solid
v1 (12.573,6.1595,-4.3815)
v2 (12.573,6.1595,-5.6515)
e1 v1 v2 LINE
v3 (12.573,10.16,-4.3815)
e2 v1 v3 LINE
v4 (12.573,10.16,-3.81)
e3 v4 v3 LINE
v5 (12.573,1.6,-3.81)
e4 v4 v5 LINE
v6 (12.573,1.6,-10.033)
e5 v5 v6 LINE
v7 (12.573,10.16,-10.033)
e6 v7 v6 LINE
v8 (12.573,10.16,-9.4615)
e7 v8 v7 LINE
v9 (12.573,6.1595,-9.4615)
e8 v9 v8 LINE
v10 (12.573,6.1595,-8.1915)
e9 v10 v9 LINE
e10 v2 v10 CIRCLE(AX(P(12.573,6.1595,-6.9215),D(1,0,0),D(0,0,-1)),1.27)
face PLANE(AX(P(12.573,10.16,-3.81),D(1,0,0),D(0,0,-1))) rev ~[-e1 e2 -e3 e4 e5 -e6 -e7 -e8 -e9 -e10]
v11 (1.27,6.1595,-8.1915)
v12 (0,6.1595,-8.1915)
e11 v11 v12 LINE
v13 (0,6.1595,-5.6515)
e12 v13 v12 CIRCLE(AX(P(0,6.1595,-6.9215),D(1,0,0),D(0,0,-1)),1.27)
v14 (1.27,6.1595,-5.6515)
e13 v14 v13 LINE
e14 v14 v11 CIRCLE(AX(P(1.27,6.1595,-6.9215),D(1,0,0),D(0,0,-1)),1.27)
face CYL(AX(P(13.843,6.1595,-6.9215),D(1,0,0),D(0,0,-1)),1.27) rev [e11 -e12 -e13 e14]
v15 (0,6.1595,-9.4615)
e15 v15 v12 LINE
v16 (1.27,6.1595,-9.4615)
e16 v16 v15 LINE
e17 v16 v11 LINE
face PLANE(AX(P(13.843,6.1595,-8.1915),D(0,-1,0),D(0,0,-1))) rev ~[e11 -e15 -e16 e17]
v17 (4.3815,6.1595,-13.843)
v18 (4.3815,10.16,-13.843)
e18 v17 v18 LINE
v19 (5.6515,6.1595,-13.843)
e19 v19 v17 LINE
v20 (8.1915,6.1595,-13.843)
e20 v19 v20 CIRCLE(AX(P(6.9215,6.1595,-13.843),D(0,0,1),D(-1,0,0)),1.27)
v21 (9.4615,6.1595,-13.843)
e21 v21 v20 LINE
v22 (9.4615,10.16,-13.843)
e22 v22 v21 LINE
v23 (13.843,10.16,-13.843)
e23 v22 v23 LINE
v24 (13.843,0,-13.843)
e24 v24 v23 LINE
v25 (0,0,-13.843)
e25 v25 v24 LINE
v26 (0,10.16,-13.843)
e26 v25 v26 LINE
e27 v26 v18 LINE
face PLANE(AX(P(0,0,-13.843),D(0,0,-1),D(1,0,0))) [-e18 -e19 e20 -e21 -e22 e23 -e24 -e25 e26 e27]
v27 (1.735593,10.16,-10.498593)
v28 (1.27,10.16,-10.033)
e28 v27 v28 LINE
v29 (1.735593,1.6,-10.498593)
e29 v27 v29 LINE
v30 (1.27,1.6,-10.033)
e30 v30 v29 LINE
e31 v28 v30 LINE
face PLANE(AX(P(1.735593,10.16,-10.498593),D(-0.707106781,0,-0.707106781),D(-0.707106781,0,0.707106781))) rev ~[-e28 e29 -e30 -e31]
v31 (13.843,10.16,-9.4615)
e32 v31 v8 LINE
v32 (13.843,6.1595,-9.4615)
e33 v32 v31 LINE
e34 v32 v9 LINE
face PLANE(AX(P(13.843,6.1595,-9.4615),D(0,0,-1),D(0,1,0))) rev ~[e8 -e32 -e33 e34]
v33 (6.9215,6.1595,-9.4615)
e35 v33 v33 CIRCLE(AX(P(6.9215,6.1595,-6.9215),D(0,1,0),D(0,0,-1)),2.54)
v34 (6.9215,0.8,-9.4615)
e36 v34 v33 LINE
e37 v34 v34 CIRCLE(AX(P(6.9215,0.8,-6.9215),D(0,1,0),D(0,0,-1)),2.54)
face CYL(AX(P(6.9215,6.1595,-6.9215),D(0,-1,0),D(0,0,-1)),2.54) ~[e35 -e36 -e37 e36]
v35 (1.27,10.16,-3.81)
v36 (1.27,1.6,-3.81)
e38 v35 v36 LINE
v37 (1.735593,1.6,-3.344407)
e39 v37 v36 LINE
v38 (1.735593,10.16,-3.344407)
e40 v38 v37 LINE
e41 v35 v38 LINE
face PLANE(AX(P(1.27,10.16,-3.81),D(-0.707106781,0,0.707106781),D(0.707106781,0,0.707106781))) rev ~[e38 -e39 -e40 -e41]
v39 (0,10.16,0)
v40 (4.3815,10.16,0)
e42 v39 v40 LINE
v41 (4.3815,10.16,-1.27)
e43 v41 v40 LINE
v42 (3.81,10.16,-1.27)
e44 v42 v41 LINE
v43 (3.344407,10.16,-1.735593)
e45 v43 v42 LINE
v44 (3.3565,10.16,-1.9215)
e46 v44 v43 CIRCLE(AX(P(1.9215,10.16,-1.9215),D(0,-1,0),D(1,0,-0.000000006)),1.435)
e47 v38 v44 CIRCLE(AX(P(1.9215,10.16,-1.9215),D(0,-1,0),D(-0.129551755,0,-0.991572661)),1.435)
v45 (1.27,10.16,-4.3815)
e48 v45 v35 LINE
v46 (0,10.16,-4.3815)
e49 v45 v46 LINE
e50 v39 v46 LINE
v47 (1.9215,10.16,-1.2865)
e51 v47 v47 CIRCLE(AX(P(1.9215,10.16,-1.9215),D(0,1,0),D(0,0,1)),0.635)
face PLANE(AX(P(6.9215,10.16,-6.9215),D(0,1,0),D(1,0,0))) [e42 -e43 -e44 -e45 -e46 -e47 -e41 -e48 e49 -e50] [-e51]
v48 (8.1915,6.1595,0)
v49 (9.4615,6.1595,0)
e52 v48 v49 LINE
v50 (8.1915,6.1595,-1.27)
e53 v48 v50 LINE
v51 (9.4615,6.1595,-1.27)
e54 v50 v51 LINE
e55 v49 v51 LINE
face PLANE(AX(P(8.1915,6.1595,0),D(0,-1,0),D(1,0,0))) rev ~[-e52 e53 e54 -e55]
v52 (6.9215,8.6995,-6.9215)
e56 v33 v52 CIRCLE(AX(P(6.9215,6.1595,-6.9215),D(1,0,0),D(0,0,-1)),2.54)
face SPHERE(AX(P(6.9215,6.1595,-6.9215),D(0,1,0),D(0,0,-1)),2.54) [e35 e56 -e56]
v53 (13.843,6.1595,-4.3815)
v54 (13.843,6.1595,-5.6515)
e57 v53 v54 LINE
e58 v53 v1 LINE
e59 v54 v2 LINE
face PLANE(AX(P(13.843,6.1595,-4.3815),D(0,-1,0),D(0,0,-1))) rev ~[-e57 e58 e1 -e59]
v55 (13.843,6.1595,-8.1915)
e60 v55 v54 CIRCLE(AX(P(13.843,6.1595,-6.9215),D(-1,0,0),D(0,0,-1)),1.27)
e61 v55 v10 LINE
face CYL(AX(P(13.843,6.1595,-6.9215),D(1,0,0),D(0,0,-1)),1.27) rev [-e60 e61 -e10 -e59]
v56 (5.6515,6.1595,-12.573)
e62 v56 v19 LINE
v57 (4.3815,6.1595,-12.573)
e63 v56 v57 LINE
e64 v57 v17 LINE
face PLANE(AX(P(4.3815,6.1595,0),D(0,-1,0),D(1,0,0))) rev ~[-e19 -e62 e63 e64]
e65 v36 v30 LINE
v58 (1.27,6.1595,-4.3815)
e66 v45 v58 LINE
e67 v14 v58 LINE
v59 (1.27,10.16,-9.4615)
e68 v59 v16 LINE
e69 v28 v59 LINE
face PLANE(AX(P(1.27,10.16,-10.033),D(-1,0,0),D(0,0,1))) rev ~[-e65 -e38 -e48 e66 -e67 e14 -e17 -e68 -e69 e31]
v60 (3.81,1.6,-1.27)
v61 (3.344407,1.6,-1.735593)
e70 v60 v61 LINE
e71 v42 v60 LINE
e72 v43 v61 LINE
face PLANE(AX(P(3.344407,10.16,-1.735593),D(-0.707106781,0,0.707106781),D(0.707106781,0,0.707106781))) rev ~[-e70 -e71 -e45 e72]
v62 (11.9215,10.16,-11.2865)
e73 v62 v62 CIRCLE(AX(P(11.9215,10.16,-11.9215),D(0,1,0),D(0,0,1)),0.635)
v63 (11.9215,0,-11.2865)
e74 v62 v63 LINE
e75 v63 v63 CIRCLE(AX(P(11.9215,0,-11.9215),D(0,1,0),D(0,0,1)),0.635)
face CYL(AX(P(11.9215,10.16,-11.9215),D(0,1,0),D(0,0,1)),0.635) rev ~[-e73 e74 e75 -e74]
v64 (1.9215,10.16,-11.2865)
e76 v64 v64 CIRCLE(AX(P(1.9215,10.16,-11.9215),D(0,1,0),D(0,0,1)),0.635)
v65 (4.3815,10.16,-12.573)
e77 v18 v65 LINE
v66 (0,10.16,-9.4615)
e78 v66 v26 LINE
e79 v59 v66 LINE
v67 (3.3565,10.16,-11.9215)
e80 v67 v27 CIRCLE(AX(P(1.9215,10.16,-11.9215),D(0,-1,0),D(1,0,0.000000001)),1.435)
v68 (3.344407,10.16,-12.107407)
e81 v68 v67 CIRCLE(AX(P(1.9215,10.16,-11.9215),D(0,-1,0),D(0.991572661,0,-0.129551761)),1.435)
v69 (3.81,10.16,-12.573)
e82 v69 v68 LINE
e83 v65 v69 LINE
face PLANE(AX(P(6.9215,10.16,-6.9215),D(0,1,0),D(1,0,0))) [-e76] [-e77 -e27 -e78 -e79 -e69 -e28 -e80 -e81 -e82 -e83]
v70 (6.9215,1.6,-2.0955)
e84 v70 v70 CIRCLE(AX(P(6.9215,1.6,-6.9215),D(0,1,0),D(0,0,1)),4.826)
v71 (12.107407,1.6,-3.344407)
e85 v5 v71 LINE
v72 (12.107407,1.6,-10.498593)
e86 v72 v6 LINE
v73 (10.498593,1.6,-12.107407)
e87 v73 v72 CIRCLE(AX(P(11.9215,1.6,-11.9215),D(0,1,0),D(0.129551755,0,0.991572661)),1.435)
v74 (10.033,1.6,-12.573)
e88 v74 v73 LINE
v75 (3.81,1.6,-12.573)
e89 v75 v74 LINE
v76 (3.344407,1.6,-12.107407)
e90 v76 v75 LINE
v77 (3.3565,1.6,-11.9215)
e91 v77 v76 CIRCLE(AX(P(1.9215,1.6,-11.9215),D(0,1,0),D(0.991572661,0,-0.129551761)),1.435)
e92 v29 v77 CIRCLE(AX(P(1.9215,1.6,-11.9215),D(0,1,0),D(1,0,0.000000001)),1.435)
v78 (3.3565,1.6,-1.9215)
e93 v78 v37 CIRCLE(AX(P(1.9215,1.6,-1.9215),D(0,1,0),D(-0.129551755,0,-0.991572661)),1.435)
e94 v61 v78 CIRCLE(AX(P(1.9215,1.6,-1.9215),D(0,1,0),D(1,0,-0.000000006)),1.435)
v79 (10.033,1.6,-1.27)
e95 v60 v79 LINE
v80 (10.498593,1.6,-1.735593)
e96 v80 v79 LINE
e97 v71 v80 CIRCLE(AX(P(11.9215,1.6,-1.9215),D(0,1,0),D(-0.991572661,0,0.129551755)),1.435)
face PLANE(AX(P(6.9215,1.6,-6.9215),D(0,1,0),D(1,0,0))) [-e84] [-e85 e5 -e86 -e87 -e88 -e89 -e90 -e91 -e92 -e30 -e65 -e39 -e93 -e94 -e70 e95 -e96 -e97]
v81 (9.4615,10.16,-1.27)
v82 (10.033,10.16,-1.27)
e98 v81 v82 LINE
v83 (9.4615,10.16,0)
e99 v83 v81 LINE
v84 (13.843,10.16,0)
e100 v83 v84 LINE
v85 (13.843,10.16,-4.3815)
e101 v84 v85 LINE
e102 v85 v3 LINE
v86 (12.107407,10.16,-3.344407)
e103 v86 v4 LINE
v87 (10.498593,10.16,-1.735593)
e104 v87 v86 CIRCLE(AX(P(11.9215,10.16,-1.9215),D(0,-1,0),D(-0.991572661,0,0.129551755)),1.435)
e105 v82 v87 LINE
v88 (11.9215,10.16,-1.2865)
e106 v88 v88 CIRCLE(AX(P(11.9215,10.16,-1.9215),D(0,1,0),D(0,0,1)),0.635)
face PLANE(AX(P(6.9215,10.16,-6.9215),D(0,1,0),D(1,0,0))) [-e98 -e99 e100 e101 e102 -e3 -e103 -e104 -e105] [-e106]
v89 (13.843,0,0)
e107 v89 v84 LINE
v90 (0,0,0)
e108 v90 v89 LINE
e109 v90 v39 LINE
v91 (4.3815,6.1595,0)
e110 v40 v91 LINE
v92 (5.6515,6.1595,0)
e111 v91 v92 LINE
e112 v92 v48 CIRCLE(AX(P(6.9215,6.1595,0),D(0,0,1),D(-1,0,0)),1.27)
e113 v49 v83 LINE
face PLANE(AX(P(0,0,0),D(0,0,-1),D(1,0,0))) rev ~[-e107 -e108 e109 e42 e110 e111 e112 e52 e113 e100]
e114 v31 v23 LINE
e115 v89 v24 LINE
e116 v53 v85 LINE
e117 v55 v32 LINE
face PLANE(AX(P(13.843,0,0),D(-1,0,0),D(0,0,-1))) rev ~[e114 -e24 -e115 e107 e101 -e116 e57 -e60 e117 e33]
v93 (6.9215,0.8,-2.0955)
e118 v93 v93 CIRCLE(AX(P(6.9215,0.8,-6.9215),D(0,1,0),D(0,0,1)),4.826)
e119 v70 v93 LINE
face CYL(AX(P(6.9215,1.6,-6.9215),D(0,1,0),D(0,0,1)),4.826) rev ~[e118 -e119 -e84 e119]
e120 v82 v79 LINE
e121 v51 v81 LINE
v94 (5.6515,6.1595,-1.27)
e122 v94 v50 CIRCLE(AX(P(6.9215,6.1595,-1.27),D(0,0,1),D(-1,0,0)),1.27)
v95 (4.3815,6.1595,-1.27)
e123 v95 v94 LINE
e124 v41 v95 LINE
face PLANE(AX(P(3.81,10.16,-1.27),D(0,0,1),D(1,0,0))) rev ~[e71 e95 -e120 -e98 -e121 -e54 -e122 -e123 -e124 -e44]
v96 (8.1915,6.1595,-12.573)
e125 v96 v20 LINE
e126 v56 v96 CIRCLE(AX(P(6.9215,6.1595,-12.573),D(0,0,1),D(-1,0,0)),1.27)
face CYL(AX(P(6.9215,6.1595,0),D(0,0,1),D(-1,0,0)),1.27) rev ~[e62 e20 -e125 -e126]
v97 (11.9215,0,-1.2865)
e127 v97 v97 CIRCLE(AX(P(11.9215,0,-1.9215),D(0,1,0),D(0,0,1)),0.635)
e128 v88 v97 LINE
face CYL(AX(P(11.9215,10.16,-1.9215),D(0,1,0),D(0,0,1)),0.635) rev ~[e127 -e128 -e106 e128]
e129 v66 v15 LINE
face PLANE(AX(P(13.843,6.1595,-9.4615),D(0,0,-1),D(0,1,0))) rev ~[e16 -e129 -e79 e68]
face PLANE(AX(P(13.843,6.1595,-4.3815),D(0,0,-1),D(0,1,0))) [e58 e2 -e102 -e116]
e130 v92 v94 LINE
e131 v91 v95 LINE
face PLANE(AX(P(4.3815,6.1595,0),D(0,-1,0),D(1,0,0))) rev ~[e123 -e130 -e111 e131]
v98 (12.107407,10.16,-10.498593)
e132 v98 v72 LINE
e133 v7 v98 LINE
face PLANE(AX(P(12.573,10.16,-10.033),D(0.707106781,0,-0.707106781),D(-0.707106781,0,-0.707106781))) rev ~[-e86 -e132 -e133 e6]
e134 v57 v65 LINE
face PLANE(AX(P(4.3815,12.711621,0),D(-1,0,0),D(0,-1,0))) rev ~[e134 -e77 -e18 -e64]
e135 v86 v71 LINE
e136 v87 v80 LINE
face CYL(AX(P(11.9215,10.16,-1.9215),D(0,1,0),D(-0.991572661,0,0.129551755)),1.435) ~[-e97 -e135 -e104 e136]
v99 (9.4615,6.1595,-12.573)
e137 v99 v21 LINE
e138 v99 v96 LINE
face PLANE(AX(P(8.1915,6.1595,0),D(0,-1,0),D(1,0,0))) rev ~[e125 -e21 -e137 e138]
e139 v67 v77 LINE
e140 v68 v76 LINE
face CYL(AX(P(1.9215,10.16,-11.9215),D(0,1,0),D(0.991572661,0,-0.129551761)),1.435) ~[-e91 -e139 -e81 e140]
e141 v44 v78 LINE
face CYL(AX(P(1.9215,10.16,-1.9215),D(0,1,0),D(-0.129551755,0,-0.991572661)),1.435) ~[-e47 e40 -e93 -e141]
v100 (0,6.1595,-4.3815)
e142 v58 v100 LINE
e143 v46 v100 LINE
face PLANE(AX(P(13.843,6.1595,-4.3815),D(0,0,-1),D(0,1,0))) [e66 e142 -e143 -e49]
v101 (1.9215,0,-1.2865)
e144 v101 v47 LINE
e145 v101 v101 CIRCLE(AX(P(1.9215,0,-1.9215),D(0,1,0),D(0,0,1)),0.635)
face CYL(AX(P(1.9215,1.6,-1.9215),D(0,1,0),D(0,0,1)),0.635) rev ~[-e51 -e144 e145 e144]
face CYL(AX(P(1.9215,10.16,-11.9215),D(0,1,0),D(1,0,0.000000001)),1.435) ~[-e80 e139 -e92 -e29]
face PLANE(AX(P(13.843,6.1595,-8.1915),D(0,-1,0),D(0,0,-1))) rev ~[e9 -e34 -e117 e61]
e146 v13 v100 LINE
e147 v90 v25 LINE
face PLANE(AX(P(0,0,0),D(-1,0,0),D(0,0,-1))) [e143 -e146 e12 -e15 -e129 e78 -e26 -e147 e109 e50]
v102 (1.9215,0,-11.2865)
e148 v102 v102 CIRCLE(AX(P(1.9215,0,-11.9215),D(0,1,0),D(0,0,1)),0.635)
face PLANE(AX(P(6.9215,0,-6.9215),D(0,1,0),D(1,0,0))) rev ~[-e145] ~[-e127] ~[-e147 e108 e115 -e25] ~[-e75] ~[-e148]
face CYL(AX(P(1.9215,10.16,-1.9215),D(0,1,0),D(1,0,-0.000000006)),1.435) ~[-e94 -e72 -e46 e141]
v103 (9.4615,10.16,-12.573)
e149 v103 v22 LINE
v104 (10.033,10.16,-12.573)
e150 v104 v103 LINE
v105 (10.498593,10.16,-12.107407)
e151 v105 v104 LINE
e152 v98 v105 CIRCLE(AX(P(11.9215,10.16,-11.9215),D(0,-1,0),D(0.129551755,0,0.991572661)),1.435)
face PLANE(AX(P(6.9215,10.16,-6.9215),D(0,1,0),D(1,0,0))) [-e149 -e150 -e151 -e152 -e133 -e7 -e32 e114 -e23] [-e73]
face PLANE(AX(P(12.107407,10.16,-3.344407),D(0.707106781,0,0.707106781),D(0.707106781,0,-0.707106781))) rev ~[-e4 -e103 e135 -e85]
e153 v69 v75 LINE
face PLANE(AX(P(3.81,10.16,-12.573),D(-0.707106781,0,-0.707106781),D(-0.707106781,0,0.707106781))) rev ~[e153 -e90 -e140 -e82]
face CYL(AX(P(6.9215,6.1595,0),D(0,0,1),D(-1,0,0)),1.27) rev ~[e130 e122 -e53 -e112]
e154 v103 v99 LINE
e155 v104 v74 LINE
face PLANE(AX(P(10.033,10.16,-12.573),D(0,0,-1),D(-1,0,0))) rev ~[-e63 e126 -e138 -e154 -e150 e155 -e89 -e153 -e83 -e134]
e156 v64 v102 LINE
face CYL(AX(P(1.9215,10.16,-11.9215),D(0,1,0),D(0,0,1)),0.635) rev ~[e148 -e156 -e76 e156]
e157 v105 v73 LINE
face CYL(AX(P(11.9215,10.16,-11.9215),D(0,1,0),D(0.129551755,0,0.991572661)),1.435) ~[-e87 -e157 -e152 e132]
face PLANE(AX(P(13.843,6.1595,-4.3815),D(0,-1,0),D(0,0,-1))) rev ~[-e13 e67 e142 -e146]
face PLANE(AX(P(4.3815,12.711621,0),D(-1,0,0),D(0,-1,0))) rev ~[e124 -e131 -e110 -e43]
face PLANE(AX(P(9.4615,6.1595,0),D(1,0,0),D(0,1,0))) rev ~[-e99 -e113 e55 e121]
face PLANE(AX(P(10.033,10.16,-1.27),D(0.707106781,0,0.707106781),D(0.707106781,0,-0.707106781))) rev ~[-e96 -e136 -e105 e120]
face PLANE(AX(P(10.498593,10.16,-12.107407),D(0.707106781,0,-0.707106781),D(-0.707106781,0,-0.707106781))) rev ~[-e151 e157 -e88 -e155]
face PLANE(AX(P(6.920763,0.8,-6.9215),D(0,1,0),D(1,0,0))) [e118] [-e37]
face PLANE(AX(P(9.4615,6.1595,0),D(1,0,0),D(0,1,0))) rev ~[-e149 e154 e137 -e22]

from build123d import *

# Parameters (mm, degrees)
SKETCH1_W                     = 13.843
SKETCH1_H                     = 13.843
MAIN_BODY_EXTRUDE_DEPTH       = 10.16
MAIN_BODY_CUT_DEPTH           = 9.36
SKETCH21_R                    = 0.635
SCREW_HOLES_CUT_DEPTH         = 23.056357315
X_AXIS_SLOT_DEPTH             = 23.056357315
SKETCH6_W                     = 5.08
SKETCH6_H                     = 6.485700116
Y_AXIS_SLOT_DEPTH             = 23.056357315
SPRING_START                  = 0.8
SKETCH11_W                    = 11.303
SKETCH11_H                    = 11.303
SKETCH11_R                    = 4.826
SKETCH11_R_2                  = 0.635
SPRING_RETAINER_EXTRUDE_DEPTH = 0.8
SKETCH12_R                    = 2.54
STICK_SUPPORT_DEPTH           = 5.3595
SKETCH20_R                    = 2.54
BOSS_EXTRUDE9_DEPTH           = 2.54
FILLET4_R                     = 2.54


with BuildPart() as part:
    # Sketch1 → main body extrude (new body)
    with BuildSketch(Plane(origin=(0, 0, 0), x_dir=(1, 0, 0), z_dir=(0, 1, 0))):
        with Locations((6.9215, 6.9215)):
            Rectangle(SKETCH1_W, SKETCH1_H)
    extrude(amount=MAIN_BODY_EXTRUDE_DEPTH)

    # Sketch4 → main body cut (cut)
    with BuildSketch(Plane(origin=(0, 10.16, 0), x_dir=(1, 0, 0), z_dir=(0, 1, 0))):
        with BuildLine():
            Line((1.735593231, 10.498593231), (1.27, 10.033))
            Line((1.27, 10.033), (1.27, 3.81))
            Line((1.27, 3.81), (1.735593231, 3.344406769))
            ThreePointArc((1.735593231, 3.344406769), (2.868191287, 2.999925058), (3.3565, 1.9215))
            ThreePointArc((3.3565, 1.9215), (3.353473501, 1.828350157), (3.344406769, 1.735593231))
            Line((3.344406769, 1.735593231), (3.81, 1.27))
            Line((3.81, 1.27), (10.033, 1.27))
            Line((10.033, 1.27), (10.498593231, 1.735593231))
            ThreePointArc((10.498593231, 1.735593231), (10.906801769, 2.936198231), (12.107406769, 3.344406769))
            Line((12.107406769, 3.344406769), (12.573, 3.81))
            Line((12.573, 3.81), (12.573, 10.033))
            Line((12.573, 10.033), (12.107406769, 10.498593231))
            ThreePointArc((12.107406769, 10.498593231), (10.906801769, 10.906801769), (10.498593231, 12.107406769))
            Line((10.498593231, 12.107406769), (10.033, 12.573))
            Line((10.033, 12.573), (3.81, 12.573))
            Line((3.81, 12.573), (3.344406769, 12.107406769))
            ThreePointArc((3.344406769, 12.107406769), (3.353473501, 12.014649843), (3.3565, 11.9215))
            ThreePointArc((3.3565, 11.9215), (2.868191287, 10.843074942), (1.735593231, 10.498593231))
        make_face()
    extrude(amount=-MAIN_BODY_CUT_DEPTH, mode=Mode.SUBTRACT)

    # Sketch21 → screw holes cut (cut, through all)
    with BuildSketch(Plane(origin=(0, 10.16, 0), x_dir=(1, 0, 0), z_dir=(0, 1, 0))):
        with Locations(Location((1.9215, 11.9215, 0), (0, 0, 270))):
            Circle(SKETCH21_R)
        with Locations(Location((11.9215, 11.9215, 0), (0, 0, 270))):
            Circle(SKETCH21_R)
        with Locations(Location((11.9215, 1.9215, 0), (0, 0, 270))):
            Circle(SKETCH21_R)
        with Locations(Location((1.9215, 1.9215, 0), (0, 0, 270))):
            Circle(SKETCH21_R)
    extrude(amount=-SCREW_HOLES_CUT_DEPTH, mode=Mode.SUBTRACT)

    # Sketch5 → x axis slot (cut, through all)
    with BuildSketch(Plane.XY):
        with BuildLine():
            Line((9.4615, 12.711621125), (4.3815, 12.711621125))
            Line((4.3815, 12.711621125), (4.3815, 6.1595))
            Line((4.3815, 6.1595), (5.6515, 6.1595))
            ThreePointArc((5.6515, 6.1595), (6.9215, 4.8895), (8.1915, 6.1595))
            Line((8.1915, 6.1595), (9.4615, 6.1595))
            Line((9.4615, 6.1595), (9.4615, 12.711621125))
        make_face()
    extrude(amount=-X_AXIS_SLOT_DEPTH, mode=Mode.SUBTRACT)

    # Sketch6 → y axis slot (cut, through all)
    with BuildSketch(Plane(origin=(13.843, 0, 0), x_dir=(0, 0, -1), z_dir=(1, 0, 0))):
        with BuildLine():
            Line((5.6515, 6.1595), (5.6515, 12.645200116))
            ThreePointArc((5.6515, 12.645200116), (6.9215, 13.915200116), (8.1915, 12.645200116))
            Line((8.1915, 12.645200116), (8.1915, 6.1595))
            ThreePointArc((8.1915, 6.1595), (6.9215, 4.8895), (5.6515, 6.1595))
        make_face()
        with Locations((6.9215, 9.402350058)):
            Rectangle(SKETCH6_W, SKETCH6_H)
    extrude(amount=-Y_AXIS_SLOT_DEPTH, mode=Mode.SUBTRACT)

    # Sketch11 → spring retainer extrude (add)
    with BuildSketch(Plane(origin=(0, 0.8, 0), x_dir=(1, 0, 0), z_dir=(0, 1, 0)).offset(SPRING_START)):
        with Locations((6.9215, 6.9215)):
            Rectangle(SKETCH11_W, SKETCH11_H)
        with Locations(Location((6.9215, 6.9215, 0), (0, 0, 270))):
            Circle(SKETCH11_R, mode=Mode.SUBTRACT)
        with Locations(Location((1.9215, 11.9215, 0), (0, 0, 270))):
            Circle(SKETCH11_R_2, mode=Mode.SUBTRACT)
        with Locations(Location((11.9215, 11.9215, 0), (0, 0, 270))):
            Circle(SKETCH11_R_2, mode=Mode.SUBTRACT)
        with Locations(Location((11.9215, 1.9215, 0), (0, 0, 270))):
            Circle(SKETCH11_R_2, mode=Mode.SUBTRACT)
        with Locations(Location((1.9215, 1.9215, 0), (0, 0, 270))):
            Circle(SKETCH11_R_2, mode=Mode.SUBTRACT)
    extrude(amount=-SPRING_RETAINER_EXTRUDE_DEPTH)

    # Sketch12 → Stick support (add)
    with BuildSketch(Plane(origin=(0, 0.8, 0), x_dir=(1, 0, 0), z_dir=(0, 1, 0))):
        with Locations(Location((6.9215, 6.9215, 0), (0, 0, 90))):
            Circle(SKETCH12_R)
    extrude(amount=STICK_SUPPORT_DEPTH)

    # Sketch20 → Boss-Extrude9 (add)
    with BuildSketch(Plane(origin=(0, 6.1595, 0), x_dir=(1, 0, 0), z_dir=(0, 1, 0))):
        with Locations(Location((6.9215, 6.9215, 0), (0, 0, 90))):
            Circle(SKETCH20_R)
    extrude(amount=BOSS_EXTRUDE9_DEPTH)

    # Fillet4
    fillet4_edges = [part.edges().sort_by_distance(p)[0] for p in [
        (6.9215, 8.6995, -4.3815),
    ]]
    fillet(fillet4_edges, radius=FILLET4_R)


solid = part.part
